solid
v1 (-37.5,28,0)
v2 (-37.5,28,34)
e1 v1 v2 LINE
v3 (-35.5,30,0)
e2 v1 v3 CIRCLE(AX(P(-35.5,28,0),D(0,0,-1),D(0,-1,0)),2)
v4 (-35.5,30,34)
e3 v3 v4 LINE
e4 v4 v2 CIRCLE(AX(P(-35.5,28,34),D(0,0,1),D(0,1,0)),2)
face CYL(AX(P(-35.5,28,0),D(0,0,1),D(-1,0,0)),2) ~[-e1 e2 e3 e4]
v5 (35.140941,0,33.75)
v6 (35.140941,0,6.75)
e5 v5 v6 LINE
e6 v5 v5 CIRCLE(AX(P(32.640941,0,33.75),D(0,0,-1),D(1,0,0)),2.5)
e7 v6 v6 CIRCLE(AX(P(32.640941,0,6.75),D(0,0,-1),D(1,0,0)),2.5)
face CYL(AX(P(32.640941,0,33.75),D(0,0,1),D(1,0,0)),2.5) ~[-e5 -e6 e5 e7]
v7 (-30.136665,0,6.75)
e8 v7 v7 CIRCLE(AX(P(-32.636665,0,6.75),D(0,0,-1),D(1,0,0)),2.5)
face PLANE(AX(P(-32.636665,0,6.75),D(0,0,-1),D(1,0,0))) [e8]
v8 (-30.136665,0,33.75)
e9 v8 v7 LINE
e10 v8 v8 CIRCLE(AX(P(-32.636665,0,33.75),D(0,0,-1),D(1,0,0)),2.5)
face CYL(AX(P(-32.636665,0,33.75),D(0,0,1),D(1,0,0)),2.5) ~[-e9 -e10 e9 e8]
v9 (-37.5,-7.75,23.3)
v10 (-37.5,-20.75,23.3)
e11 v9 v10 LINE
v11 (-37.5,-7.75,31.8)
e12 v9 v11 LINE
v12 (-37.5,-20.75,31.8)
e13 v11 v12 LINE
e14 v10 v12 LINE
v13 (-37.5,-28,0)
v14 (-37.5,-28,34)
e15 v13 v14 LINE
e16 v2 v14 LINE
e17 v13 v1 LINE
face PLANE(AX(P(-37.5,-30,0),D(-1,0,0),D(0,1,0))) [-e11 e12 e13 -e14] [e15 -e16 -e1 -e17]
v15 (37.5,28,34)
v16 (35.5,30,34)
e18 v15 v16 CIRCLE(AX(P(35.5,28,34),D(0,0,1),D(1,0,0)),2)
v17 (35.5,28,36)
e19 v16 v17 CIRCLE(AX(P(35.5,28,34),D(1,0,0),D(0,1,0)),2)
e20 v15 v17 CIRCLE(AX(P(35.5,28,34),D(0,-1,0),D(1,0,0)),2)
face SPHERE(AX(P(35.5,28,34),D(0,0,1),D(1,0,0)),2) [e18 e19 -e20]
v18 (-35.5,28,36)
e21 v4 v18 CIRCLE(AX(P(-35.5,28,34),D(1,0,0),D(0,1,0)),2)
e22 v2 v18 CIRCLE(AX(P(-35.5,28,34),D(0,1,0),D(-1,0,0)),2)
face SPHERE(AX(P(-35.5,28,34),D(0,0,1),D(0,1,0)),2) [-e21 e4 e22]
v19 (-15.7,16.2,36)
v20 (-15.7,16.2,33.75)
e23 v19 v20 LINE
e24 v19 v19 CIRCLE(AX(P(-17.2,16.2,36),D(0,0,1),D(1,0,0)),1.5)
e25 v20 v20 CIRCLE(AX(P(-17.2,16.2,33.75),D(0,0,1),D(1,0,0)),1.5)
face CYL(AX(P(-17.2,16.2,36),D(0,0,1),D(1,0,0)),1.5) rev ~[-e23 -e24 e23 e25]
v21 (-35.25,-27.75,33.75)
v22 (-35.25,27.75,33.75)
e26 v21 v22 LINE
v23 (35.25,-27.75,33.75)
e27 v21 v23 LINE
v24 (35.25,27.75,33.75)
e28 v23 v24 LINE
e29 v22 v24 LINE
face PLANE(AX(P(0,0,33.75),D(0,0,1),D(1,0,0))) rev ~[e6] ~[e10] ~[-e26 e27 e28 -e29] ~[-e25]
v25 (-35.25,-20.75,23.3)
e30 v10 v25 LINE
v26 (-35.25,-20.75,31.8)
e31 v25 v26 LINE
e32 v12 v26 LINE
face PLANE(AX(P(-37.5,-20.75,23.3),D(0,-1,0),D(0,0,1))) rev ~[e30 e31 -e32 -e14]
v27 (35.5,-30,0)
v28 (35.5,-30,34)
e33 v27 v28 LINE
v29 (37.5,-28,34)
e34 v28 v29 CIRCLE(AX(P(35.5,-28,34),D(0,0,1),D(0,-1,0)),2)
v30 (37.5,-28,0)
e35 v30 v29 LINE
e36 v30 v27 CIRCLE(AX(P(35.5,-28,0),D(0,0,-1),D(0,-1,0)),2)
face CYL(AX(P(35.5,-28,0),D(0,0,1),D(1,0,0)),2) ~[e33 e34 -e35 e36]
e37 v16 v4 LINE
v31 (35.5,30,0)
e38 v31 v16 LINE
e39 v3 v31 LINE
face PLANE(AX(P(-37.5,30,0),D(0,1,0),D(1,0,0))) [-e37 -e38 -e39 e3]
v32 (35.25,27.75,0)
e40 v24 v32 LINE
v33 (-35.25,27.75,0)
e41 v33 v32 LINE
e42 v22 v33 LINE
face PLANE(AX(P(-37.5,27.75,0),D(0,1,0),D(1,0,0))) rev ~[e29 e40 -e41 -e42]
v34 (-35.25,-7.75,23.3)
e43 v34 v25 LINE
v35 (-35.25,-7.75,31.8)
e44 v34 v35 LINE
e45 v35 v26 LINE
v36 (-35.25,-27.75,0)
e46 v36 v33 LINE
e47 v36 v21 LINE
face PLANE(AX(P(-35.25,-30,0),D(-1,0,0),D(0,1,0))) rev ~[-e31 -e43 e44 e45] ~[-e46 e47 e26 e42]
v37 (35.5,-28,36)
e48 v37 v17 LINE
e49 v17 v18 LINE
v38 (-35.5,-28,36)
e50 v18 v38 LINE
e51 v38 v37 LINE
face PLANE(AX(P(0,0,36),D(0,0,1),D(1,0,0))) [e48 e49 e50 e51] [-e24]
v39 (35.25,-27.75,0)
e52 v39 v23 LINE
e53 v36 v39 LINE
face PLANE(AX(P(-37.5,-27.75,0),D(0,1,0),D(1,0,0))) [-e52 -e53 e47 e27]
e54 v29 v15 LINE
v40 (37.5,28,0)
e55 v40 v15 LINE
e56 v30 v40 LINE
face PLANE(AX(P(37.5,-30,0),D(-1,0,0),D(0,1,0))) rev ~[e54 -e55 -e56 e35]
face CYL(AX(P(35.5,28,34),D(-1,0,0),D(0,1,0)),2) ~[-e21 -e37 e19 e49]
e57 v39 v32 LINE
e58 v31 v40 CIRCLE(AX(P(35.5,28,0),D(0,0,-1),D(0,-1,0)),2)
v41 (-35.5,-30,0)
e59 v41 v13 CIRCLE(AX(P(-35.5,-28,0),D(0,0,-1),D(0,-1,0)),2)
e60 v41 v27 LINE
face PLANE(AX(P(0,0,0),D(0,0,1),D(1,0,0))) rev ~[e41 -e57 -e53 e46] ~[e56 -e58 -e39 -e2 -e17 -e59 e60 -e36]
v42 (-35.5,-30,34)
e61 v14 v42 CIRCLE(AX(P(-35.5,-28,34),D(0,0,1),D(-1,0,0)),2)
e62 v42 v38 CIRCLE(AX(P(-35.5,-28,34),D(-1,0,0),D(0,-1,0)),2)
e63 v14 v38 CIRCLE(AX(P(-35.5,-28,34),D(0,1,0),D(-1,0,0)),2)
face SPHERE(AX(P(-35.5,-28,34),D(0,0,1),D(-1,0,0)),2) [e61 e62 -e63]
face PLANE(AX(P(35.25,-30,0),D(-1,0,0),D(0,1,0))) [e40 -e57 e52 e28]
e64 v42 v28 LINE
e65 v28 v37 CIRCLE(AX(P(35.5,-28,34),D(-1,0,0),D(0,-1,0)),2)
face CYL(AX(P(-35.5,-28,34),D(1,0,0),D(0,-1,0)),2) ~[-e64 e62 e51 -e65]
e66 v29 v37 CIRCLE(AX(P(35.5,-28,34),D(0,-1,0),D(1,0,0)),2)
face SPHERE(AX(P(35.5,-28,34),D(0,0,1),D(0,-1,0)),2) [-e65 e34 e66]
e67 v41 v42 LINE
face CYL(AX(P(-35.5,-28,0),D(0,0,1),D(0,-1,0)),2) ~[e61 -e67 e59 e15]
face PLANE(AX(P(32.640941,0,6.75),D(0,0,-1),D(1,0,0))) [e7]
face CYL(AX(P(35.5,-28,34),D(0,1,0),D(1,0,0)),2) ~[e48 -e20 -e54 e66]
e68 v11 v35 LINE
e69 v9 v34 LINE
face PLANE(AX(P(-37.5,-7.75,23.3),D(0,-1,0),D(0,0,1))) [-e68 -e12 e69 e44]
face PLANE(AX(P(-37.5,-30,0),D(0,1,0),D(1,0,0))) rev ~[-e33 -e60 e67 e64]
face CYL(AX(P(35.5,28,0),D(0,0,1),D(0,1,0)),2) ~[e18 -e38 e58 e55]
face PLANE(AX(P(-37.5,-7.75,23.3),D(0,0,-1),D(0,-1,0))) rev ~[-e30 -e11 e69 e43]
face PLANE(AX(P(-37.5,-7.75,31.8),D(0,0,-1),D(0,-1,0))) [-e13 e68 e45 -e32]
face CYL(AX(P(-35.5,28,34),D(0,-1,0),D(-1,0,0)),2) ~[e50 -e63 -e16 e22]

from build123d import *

# Parameters (mm, degrees)
F0_W      = 75
F0_H      = 60
F1_DEPTH  = 36
F2_R      = 2
F3_R      = 2
F4_R      = 2
F5_R      = 2
F6_R      = 2
F7_T      = -2.25
F8_R      = 2.5
F9_DEPTH  = 27
F10_W     = 13
F10_H     = 8.5
F11_DEPTH = 25
F12_R     = 1.5
F13_DEPTH = 25


with BuildPart() as f1:
    # F0 (on Top) → F1 (new body)
    with BuildSketch(Plane.XY):
        Rectangle(F0_W, F0_H)
    extrude(amount=F1_DEPTH)

    # F2
    f2_edges = [f1.edges().sort_by_distance(p)[0] for p in [
        (-37.5, 30, 18),
    ]]
    fillet(f2_edges, radius=F2_R)

    # F3
    f3_edges = [f1.edges().sort_by_distance(p)[0] for p in [
        (37.5, 30, 18),
    ]]
    fillet(f3_edges, radius=F3_R)

    # F4
    f4_edges = [f1.edges().sort_by_distance(p)[0] for p in [
        (37.5, -30, 18),
    ]]
    fillet(f4_edges, radius=F4_R)

    # F5
    f5_edges = [f1.edges().sort_by_distance(p)[0] for p in [
        (-37.5, -30, 18),
    ]]
    fillet(f5_edges, radius=F5_R)

    # F6
    f6_edges = [f1.edges().sort_by_distance(p)[0] for p in [
        (37.5, 0, 36),
        (0, -30, 36),
        (-37.5, 0, 36),
        (-36.914214, -29.414214, 36),
        (36.914214, -29.414214, 36),
        (-36.914214, 29.414214, 36),
        (36.914214, 29.414214, 36),
        (0, 30, 36),
    ]]
    fillet(f6_edges, radius=F6_R)

    # F7
    f7_openings = [f1.faces().sort_by_distance(p)[0] for p in [
        (0, 0, 0),
    ]]
    offset(amount=F7_T, openings=f7_openings)

    # F8 (on face) → F9 (join)
    with BuildSketch(Plane(origin=(0, 0, 33.75), x_dir=(1, 0, 0), z_dir=(0, 0, -1))):
        with Locations((-32.636665, 0)):
            Circle(F8_R)
        with Locations((32.640941, 0)):
            Circle(F8_R)
    extrude(amount=F9_DEPTH)

    # F10 (on face) → F11 (cut)
    with BuildSketch(Plane(origin=(-37.5, 0, 0), x_dir=(0, -1, 0), z_dir=(-1, 0, 0))):
        with Locations((14.25, 27.55)):
            Rectangle(F10_W, F10_H)
    extrude(amount=-F11_DEPTH, mode=Mode.SUBTRACT)

    # F12 (on face) → F13 (cut)
    with BuildSketch(Plane.XY.offset(36)):
        with Locations((-17.2, 16.2)):
            Circle(F12_R)
    extrude(amount=-F13_DEPTH, mode=Mode.SUBTRACT)


solid = f1.part
